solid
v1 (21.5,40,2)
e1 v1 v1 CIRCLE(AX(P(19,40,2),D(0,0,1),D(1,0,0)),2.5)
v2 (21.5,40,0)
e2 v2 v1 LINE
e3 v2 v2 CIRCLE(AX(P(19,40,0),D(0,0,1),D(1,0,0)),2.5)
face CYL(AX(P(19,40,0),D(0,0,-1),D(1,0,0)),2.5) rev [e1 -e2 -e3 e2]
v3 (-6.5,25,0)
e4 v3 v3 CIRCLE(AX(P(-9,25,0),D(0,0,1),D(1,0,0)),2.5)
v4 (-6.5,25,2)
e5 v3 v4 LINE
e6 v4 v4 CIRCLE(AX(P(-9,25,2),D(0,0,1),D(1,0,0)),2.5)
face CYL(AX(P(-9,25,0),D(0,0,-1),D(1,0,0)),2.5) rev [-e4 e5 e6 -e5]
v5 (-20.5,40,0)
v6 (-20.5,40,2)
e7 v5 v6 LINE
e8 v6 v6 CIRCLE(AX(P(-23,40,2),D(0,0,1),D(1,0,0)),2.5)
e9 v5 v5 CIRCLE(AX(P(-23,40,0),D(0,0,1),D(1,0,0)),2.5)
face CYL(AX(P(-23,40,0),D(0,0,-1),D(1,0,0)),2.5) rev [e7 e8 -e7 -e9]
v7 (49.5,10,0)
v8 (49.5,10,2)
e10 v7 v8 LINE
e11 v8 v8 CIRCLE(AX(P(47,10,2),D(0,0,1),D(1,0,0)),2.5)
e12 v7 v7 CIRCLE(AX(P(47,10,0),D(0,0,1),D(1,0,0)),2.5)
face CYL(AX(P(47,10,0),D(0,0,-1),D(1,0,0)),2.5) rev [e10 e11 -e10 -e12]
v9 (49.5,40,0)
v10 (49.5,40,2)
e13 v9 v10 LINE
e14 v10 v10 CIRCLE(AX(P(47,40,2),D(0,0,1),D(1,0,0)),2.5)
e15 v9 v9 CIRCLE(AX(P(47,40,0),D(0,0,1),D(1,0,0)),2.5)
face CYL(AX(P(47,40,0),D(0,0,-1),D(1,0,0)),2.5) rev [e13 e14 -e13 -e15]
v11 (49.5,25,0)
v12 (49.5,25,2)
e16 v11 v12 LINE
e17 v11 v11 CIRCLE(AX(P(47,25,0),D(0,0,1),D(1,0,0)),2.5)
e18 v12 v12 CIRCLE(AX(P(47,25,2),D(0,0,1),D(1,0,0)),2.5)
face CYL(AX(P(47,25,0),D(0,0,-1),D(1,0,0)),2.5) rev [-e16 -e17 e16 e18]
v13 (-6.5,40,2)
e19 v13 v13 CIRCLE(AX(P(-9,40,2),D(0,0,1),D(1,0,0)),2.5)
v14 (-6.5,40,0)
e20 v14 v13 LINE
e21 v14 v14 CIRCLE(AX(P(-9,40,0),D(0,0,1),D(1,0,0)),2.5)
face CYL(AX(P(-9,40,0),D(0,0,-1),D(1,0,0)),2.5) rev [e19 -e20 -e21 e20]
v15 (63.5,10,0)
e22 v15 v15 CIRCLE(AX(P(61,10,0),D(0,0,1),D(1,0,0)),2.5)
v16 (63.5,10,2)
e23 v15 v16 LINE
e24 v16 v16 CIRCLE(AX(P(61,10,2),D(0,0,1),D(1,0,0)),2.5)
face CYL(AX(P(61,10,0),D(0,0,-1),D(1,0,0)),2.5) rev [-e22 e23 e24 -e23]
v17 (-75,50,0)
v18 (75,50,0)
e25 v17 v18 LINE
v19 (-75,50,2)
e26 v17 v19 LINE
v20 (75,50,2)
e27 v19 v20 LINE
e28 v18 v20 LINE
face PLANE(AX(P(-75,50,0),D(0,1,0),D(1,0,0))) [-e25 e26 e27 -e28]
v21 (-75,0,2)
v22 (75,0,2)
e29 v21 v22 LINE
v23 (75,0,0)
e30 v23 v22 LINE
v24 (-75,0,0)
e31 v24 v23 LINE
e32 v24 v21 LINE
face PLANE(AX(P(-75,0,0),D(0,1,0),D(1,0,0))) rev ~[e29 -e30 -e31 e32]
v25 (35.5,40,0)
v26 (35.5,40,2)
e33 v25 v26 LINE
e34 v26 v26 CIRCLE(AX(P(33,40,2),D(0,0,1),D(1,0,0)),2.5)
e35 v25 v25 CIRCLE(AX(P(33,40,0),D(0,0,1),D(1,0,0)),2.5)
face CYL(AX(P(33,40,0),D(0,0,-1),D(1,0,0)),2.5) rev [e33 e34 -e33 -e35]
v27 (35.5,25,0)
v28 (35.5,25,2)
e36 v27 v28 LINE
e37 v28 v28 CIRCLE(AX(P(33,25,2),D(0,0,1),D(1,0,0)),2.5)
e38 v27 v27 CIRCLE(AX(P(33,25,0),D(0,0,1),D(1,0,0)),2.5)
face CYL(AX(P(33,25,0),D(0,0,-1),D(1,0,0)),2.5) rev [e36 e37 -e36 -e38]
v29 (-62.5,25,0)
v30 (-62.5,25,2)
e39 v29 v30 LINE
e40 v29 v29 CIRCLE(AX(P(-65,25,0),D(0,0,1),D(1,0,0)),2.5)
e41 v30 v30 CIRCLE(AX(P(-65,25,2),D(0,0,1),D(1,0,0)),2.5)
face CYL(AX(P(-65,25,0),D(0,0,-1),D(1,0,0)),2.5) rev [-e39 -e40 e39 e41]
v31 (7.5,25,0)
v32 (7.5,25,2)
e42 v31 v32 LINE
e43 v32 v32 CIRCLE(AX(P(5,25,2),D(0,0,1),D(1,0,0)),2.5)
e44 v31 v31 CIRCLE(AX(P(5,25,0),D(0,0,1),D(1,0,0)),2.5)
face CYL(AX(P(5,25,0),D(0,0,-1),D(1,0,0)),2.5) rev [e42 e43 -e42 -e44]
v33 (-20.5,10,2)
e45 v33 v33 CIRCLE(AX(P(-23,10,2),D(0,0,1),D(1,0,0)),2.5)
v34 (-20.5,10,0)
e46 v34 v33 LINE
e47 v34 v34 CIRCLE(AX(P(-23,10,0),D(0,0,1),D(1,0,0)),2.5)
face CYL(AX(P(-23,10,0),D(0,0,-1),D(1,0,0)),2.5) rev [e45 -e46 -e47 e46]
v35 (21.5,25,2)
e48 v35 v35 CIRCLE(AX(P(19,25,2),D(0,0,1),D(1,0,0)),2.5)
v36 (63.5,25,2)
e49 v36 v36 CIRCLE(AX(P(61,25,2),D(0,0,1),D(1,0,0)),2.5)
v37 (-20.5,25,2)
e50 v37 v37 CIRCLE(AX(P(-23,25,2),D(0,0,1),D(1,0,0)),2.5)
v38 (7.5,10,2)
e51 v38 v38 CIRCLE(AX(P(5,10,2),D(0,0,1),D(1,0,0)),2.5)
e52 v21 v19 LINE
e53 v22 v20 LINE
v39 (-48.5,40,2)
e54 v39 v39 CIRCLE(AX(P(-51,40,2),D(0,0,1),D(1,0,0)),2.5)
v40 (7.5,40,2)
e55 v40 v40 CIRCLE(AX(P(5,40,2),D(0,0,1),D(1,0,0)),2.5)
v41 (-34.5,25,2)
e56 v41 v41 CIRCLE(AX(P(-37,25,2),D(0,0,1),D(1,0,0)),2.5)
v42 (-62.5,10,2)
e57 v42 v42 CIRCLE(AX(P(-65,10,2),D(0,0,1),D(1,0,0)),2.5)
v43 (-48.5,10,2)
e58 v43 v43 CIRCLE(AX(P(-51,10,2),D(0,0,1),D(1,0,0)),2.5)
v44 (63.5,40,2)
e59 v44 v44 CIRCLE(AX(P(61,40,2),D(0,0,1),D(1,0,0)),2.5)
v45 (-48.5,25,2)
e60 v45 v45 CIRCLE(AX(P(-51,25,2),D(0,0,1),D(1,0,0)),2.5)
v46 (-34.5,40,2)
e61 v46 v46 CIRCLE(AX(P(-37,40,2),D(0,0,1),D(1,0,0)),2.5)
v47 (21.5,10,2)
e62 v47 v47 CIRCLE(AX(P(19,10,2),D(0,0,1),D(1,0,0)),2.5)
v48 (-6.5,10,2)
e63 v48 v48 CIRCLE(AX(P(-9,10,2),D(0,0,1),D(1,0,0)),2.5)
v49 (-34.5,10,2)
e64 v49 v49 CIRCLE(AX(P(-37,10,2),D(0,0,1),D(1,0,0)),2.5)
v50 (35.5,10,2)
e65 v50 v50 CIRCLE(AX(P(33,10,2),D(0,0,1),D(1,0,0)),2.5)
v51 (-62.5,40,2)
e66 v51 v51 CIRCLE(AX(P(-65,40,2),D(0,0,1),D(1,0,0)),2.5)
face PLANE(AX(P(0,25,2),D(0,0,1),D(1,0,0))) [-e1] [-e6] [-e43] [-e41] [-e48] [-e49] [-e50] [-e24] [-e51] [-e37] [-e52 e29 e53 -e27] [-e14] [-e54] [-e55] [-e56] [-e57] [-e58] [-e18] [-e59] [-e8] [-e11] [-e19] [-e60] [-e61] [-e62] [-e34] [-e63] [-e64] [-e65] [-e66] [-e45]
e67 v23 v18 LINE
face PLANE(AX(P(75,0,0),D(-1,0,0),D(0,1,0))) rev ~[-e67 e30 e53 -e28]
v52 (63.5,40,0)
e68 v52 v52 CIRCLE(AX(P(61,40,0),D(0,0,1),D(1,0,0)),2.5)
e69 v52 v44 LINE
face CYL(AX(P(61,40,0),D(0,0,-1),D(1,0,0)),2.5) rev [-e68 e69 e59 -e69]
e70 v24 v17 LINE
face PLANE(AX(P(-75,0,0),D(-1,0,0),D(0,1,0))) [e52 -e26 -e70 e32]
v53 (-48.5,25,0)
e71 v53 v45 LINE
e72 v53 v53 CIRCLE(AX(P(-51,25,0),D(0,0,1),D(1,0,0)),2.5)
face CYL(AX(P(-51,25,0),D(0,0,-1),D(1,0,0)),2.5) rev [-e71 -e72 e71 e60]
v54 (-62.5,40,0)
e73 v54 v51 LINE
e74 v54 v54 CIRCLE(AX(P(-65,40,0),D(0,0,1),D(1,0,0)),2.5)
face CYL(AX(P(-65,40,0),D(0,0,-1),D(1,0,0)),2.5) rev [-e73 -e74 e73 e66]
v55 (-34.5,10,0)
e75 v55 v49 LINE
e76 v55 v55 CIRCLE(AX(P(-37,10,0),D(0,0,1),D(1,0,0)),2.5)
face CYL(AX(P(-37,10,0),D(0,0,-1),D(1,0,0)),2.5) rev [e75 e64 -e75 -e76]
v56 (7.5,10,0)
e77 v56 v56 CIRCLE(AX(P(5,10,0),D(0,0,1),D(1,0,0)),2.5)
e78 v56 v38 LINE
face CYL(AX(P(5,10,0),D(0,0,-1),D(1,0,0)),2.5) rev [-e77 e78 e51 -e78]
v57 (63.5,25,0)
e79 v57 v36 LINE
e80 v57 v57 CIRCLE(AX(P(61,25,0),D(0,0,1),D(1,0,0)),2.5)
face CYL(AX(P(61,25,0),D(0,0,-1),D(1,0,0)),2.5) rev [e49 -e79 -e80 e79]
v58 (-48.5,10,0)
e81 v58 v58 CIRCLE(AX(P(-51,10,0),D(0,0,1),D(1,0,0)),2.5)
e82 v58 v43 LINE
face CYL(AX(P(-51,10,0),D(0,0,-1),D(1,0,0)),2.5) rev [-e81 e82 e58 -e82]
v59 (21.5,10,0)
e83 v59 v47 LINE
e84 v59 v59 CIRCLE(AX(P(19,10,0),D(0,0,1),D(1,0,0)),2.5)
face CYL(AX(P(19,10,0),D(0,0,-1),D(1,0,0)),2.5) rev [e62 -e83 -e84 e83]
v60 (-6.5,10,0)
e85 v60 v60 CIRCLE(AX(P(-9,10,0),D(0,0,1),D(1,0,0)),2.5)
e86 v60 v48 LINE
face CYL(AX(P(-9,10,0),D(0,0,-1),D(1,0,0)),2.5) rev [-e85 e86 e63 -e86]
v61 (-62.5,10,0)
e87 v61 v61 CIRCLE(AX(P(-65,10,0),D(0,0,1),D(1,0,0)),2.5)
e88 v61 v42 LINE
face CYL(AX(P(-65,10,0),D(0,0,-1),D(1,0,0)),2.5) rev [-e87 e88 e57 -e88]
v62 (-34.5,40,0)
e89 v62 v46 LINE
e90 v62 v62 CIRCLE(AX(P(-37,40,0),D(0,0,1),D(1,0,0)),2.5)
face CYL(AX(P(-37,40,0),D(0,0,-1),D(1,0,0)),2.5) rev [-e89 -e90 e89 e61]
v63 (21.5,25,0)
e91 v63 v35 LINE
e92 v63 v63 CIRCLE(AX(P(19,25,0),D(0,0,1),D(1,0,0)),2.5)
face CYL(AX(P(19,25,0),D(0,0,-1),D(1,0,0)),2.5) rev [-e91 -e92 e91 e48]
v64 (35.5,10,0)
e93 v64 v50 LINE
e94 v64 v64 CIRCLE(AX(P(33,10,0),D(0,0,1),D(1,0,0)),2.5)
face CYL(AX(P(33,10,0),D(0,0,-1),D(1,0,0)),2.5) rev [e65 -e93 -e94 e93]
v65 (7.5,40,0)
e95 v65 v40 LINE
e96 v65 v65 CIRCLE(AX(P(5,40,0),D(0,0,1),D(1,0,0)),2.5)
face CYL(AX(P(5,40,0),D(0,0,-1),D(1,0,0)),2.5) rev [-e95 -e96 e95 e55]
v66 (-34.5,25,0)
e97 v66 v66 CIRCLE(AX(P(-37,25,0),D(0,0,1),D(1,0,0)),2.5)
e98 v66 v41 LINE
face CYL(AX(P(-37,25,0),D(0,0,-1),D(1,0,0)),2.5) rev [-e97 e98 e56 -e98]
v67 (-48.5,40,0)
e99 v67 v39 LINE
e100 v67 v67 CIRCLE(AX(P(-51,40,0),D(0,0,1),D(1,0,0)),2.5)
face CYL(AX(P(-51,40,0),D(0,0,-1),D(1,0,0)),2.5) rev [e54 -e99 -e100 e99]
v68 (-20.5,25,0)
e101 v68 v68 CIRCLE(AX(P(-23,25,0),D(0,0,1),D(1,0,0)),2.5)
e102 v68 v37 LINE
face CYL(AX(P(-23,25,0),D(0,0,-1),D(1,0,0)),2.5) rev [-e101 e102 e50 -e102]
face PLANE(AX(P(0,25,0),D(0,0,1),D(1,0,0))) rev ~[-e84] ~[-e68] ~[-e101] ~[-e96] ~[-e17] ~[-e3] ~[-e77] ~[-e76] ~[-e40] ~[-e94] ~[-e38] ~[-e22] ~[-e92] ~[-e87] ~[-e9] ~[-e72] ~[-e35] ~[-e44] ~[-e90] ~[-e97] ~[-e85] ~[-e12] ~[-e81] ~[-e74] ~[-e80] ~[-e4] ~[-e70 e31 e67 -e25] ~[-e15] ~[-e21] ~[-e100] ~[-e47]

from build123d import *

# Parameters (mm, degrees)
F0_W     = 150
F0_H     = 50
F0_R     = 2.5
F1_DEPTH = 2


with BuildPart() as f1:
    # F0 (on Top) → F1 (new body)
    with BuildSketch(Plane.XY):
        with Locations((0, 25)):
            Rectangle(F0_W, F0_H)
        with Locations((-65, 10)):
            Circle(F0_R, mode=Mode.SUBTRACT)
        with Locations((-51, 10)):
            Circle(F0_R, mode=Mode.SUBTRACT)
        with Locations((-37, 10)):
            Circle(F0_R, mode=Mode.SUBTRACT)
        with Locations((-23, 10)):
            Circle(F0_R, mode=Mode.SUBTRACT)
        with Locations((-9, 10)):
            Circle(F0_R, mode=Mode.SUBTRACT)
        with Locations((5, 10)):
            Circle(F0_R, mode=Mode.SUBTRACT)
        with Locations((19, 10)):
            Circle(F0_R, mode=Mode.SUBTRACT)
        with Locations((33, 10)):
            Circle(F0_R, mode=Mode.SUBTRACT)
        with Locations((47, 10)):
            Circle(F0_R, mode=Mode.SUBTRACT)
        with Locations((61, 10)):
            Circle(F0_R, mode=Mode.SUBTRACT)
        with Locations((-65, 25)):
            Circle(F0_R, mode=Mode.SUBTRACT)
        with Locations((-51, 25)):
            Circle(F0_R, mode=Mode.SUBTRACT)
        with Locations((-37, 25)):
            Circle(F0_R, mode=Mode.SUBTRACT)
        with Locations((-23, 25)):
            Circle(F0_R, mode=Mode.SUBTRACT)
        with Locations((-9, 25)):
            Circle(F0_R, mode=Mode.SUBTRACT)
        with Locations((-65, 40)):
            Circle(F0_R, mode=Mode.SUBTRACT)
        with Locations((-51, 40)):
            Circle(F0_R, mode=Mode.SUBTRACT)
        with Locations((-37, 40)):
            Circle(F0_R, mode=Mode.SUBTRACT)
        with Locations((-23, 40)):
            Circle(F0_R, mode=Mode.SUBTRACT)
        with Locations((-9, 40)):
            Circle(F0_R, mode=Mode.SUBTRACT)
        with Locations((5, 25)):
            Circle(F0_R, mode=Mode.SUBTRACT)
        with Locations((19, 25)):
            Circle(F0_R, mode=Mode.SUBTRACT)
        with Locations((33, 25)):
            Circle(F0_R, mode=Mode.SUBTRACT)
        with Locations((47, 25)):
            Circle(F0_R, mode=Mode.SUBTRACT)
        with Locations((61, 25)):
            Circle(F0_R, mode=Mode.SUBTRACT)
        with Locations((5, 40)):
            Circle(F0_R, mode=Mode.SUBTRACT)
        with Locations((19, 40)):
            Circle(F0_R, mode=Mode.SUBTRACT)
        with Locations((33, 40)):
            Circle(F0_R, mode=Mode.SUBTRACT)
        with Locations((47, 40)):
            Circle(F0_R, mode=Mode.SUBTRACT)
        with Locations((61, 40)):
            Circle(F0_R, mode=Mode.SUBTRACT)
    extrude(amount=F1_DEPTH)


solid = f1.part
